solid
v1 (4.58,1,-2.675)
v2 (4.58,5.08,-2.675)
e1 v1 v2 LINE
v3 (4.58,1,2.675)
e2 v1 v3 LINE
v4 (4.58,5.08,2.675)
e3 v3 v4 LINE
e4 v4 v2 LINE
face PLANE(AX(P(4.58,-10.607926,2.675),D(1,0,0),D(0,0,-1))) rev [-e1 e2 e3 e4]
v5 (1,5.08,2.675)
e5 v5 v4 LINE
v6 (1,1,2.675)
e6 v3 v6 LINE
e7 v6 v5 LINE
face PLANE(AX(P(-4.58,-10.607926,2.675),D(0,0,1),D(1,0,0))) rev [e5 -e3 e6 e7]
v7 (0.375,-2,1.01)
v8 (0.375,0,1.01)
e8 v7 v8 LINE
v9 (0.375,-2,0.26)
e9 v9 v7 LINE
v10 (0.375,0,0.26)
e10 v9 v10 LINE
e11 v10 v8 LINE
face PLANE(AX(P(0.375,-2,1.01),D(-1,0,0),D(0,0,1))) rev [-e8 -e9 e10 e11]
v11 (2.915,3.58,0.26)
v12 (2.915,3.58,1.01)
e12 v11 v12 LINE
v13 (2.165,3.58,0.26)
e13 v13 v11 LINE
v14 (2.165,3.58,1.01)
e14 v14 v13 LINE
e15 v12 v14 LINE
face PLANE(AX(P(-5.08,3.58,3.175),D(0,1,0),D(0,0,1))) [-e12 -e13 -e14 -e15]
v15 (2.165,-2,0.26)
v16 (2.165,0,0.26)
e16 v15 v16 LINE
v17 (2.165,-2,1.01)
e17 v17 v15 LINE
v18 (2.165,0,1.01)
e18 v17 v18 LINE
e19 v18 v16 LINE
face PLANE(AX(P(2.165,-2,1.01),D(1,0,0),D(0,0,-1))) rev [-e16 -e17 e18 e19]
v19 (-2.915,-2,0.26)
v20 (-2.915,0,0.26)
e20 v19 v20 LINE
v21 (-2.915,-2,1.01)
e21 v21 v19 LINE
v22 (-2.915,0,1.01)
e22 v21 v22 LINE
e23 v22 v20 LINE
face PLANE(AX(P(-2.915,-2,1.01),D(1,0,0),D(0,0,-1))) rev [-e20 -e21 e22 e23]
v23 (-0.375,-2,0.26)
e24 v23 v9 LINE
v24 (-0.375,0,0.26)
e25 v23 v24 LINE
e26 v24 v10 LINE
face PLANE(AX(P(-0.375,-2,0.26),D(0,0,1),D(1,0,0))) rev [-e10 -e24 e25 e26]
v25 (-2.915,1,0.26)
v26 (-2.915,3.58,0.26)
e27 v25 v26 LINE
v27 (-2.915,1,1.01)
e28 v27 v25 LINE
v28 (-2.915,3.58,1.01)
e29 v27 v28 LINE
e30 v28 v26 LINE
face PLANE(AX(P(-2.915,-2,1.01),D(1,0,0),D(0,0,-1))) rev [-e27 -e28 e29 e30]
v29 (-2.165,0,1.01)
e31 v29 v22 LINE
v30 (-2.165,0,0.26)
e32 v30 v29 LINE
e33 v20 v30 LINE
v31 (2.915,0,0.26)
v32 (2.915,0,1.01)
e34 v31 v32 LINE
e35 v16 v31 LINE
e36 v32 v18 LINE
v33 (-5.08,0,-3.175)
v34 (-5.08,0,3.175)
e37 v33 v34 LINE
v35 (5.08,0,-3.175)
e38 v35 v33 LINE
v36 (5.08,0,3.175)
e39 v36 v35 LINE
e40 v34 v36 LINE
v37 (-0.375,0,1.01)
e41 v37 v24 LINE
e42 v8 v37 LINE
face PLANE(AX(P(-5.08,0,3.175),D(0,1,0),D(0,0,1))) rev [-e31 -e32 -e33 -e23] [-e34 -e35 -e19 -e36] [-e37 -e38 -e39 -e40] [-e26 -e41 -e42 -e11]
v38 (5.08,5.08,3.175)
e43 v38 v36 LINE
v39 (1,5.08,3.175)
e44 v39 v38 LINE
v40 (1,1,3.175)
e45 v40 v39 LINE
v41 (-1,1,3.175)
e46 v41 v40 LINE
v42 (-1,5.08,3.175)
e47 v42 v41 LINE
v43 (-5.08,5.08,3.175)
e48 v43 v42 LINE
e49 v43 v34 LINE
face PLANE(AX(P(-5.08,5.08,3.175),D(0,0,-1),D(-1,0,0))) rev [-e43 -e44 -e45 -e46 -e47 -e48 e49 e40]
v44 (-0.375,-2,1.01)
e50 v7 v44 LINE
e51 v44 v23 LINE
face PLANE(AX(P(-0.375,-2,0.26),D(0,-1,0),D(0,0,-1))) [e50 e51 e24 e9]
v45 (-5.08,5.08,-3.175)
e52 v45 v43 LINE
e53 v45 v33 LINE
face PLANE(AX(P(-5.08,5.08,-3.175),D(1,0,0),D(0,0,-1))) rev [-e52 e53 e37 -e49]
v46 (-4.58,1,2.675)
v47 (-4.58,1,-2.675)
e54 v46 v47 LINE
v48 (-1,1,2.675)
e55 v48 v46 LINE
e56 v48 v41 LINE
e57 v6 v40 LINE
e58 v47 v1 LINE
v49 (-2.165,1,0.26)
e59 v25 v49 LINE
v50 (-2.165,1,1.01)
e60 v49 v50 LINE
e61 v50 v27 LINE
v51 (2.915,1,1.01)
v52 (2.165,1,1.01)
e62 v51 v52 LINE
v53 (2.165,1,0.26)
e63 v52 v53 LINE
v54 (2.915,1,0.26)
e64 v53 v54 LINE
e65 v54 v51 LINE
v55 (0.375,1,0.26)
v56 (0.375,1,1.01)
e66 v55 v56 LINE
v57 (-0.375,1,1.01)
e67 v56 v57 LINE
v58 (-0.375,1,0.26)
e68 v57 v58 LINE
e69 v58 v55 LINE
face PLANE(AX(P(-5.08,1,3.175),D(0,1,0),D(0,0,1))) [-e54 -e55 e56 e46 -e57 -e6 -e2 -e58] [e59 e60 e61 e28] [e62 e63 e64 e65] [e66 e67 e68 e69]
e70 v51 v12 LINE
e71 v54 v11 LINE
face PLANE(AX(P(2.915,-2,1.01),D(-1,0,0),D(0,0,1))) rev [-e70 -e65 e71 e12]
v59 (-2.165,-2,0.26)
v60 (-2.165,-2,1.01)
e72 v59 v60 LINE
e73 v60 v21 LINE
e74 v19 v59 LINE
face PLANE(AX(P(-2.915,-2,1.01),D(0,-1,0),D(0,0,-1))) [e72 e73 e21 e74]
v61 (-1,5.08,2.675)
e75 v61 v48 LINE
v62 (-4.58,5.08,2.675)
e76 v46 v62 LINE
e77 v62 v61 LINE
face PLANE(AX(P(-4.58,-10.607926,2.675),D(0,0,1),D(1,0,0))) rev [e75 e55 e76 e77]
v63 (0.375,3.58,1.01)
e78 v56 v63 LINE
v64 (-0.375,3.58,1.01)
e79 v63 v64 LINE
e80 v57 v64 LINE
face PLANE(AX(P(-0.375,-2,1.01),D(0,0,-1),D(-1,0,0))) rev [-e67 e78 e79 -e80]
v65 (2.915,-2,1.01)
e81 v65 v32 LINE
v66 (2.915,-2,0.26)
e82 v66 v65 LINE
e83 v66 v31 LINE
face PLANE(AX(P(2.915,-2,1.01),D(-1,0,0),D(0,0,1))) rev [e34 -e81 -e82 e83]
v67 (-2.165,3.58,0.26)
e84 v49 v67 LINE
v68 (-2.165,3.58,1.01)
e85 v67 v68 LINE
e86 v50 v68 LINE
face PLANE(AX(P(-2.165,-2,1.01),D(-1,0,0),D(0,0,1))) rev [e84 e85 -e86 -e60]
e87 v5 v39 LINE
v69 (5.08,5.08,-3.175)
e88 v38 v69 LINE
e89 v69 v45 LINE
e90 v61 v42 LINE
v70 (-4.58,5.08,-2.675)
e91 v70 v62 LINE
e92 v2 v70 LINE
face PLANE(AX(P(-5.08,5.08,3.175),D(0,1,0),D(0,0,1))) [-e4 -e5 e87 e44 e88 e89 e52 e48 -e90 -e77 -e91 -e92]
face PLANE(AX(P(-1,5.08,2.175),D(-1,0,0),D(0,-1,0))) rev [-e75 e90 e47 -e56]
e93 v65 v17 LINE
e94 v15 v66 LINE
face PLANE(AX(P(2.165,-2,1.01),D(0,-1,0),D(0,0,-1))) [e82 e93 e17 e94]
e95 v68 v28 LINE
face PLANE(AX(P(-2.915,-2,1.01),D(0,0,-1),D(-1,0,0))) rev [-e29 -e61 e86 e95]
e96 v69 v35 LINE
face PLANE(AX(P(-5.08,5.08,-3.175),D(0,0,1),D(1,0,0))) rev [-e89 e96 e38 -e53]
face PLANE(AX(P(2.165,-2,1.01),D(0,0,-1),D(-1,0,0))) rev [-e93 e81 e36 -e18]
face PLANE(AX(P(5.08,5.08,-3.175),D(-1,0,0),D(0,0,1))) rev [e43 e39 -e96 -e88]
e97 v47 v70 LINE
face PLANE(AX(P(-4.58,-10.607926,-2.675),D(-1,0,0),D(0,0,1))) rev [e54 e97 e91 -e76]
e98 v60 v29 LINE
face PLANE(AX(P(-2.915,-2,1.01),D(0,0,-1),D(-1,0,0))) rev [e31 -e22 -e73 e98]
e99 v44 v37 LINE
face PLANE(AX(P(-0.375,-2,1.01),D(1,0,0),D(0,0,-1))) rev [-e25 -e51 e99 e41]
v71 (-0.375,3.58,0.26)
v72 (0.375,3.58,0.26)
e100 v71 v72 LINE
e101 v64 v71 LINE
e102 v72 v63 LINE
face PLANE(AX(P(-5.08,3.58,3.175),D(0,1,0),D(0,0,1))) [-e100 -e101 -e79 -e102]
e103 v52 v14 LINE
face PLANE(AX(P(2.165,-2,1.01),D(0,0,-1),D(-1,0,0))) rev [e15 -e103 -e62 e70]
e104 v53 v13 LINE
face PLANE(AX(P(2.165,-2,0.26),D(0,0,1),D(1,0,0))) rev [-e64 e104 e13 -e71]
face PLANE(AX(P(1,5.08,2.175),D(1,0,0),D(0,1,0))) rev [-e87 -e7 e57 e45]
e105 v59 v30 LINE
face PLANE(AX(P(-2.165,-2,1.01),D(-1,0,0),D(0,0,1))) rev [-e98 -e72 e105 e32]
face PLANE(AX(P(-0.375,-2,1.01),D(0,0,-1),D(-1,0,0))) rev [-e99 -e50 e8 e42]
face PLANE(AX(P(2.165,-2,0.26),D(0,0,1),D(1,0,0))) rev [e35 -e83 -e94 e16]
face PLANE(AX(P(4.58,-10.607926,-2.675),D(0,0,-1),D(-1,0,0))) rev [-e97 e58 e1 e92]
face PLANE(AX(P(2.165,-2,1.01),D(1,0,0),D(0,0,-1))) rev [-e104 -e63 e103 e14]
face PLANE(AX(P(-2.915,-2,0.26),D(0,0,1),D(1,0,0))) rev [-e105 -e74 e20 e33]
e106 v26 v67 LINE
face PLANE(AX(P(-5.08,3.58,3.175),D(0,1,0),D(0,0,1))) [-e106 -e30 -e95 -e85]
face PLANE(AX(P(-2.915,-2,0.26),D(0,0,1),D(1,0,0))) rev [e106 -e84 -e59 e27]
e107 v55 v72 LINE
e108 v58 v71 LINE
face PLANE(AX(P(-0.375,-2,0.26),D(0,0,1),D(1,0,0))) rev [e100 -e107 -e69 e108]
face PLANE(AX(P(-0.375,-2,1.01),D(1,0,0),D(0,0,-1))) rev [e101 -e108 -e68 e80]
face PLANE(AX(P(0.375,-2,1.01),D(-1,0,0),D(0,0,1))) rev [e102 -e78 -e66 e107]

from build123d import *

# Parameters (mm, degrees)
SKETCH_1_W           = 10.16
SKETCH_1_H           = 6.35
EXTRUDE_1_DEPTH      = 5.08
SKETCH_2_W           = 9.16
SKETCH_2_H           = 5.35
CUT_EXTRUDE_1_DEPTH  = 4.08
SKETCH_3_W           = 2
SKETCH_3_H           = 4.08
CUT_EXTRUDE_2_DEPTH  = 1
EXTRUDE_2_DEPTH      = 2
EXTRUDE_2_DEPTH_BACK = 3.58
SKETCH_4_W           = 0.75
SKETCH_4_H           = 0.75


with BuildPart() as part:
    # 草图1 → 拉伸1 (new body)
    with BuildSketch(Plane(origin=(0, 0, 0), x_dir=(1, 0, 0), z_dir=(0, 1, 0))):
        Rectangle(SKETCH_1_W, SKETCH_1_H)
    extrude(amount=EXTRUDE_1_DEPTH)

    # 草图2 → 切除-拉伸1 (cut)
    with BuildSketch(Plane(origin=(0, 5.08, 0), x_dir=(-1, 0, 0), z_dir=(0, 1, 0))):
        Rectangle(SKETCH_2_W, SKETCH_2_H)
    extrude(amount=-CUT_EXTRUDE_1_DEPTH, mode=Mode.SUBTRACT)

    # 草图3 → 切除-拉伸2 (cut)
    with BuildSketch(Plane.XY.offset(3.175)):
        with Locations((0, 3.04)):
            Rectangle(SKETCH_3_W, SKETCH_3_H)
    extrude(amount=-CUT_EXTRUDE_2_DEPTH, mode=Mode.SUBTRACT)

    # 草图4 → 拉伸2 (add, two sides: drawn at the far end of the back side and taken through both)
    with BuildSketch(Plane.XZ.offset(-EXTRUDE_2_DEPTH_BACK)):
        with Locations((0, 0.635)):
            Rectangle(SKETCH_4_W, SKETCH_4_H)
        with Locations((2.54, 0.635)):
            Rectangle(SKETCH_4_W, SKETCH_4_H)
        with Locations((-2.54, 0.635)):
            Rectangle(SKETCH_4_W, SKETCH_4_H)
    extrude(amount=EXTRUDE_2_DEPTH + EXTRUDE_2_DEPTH_BACK)


solid = part.part
